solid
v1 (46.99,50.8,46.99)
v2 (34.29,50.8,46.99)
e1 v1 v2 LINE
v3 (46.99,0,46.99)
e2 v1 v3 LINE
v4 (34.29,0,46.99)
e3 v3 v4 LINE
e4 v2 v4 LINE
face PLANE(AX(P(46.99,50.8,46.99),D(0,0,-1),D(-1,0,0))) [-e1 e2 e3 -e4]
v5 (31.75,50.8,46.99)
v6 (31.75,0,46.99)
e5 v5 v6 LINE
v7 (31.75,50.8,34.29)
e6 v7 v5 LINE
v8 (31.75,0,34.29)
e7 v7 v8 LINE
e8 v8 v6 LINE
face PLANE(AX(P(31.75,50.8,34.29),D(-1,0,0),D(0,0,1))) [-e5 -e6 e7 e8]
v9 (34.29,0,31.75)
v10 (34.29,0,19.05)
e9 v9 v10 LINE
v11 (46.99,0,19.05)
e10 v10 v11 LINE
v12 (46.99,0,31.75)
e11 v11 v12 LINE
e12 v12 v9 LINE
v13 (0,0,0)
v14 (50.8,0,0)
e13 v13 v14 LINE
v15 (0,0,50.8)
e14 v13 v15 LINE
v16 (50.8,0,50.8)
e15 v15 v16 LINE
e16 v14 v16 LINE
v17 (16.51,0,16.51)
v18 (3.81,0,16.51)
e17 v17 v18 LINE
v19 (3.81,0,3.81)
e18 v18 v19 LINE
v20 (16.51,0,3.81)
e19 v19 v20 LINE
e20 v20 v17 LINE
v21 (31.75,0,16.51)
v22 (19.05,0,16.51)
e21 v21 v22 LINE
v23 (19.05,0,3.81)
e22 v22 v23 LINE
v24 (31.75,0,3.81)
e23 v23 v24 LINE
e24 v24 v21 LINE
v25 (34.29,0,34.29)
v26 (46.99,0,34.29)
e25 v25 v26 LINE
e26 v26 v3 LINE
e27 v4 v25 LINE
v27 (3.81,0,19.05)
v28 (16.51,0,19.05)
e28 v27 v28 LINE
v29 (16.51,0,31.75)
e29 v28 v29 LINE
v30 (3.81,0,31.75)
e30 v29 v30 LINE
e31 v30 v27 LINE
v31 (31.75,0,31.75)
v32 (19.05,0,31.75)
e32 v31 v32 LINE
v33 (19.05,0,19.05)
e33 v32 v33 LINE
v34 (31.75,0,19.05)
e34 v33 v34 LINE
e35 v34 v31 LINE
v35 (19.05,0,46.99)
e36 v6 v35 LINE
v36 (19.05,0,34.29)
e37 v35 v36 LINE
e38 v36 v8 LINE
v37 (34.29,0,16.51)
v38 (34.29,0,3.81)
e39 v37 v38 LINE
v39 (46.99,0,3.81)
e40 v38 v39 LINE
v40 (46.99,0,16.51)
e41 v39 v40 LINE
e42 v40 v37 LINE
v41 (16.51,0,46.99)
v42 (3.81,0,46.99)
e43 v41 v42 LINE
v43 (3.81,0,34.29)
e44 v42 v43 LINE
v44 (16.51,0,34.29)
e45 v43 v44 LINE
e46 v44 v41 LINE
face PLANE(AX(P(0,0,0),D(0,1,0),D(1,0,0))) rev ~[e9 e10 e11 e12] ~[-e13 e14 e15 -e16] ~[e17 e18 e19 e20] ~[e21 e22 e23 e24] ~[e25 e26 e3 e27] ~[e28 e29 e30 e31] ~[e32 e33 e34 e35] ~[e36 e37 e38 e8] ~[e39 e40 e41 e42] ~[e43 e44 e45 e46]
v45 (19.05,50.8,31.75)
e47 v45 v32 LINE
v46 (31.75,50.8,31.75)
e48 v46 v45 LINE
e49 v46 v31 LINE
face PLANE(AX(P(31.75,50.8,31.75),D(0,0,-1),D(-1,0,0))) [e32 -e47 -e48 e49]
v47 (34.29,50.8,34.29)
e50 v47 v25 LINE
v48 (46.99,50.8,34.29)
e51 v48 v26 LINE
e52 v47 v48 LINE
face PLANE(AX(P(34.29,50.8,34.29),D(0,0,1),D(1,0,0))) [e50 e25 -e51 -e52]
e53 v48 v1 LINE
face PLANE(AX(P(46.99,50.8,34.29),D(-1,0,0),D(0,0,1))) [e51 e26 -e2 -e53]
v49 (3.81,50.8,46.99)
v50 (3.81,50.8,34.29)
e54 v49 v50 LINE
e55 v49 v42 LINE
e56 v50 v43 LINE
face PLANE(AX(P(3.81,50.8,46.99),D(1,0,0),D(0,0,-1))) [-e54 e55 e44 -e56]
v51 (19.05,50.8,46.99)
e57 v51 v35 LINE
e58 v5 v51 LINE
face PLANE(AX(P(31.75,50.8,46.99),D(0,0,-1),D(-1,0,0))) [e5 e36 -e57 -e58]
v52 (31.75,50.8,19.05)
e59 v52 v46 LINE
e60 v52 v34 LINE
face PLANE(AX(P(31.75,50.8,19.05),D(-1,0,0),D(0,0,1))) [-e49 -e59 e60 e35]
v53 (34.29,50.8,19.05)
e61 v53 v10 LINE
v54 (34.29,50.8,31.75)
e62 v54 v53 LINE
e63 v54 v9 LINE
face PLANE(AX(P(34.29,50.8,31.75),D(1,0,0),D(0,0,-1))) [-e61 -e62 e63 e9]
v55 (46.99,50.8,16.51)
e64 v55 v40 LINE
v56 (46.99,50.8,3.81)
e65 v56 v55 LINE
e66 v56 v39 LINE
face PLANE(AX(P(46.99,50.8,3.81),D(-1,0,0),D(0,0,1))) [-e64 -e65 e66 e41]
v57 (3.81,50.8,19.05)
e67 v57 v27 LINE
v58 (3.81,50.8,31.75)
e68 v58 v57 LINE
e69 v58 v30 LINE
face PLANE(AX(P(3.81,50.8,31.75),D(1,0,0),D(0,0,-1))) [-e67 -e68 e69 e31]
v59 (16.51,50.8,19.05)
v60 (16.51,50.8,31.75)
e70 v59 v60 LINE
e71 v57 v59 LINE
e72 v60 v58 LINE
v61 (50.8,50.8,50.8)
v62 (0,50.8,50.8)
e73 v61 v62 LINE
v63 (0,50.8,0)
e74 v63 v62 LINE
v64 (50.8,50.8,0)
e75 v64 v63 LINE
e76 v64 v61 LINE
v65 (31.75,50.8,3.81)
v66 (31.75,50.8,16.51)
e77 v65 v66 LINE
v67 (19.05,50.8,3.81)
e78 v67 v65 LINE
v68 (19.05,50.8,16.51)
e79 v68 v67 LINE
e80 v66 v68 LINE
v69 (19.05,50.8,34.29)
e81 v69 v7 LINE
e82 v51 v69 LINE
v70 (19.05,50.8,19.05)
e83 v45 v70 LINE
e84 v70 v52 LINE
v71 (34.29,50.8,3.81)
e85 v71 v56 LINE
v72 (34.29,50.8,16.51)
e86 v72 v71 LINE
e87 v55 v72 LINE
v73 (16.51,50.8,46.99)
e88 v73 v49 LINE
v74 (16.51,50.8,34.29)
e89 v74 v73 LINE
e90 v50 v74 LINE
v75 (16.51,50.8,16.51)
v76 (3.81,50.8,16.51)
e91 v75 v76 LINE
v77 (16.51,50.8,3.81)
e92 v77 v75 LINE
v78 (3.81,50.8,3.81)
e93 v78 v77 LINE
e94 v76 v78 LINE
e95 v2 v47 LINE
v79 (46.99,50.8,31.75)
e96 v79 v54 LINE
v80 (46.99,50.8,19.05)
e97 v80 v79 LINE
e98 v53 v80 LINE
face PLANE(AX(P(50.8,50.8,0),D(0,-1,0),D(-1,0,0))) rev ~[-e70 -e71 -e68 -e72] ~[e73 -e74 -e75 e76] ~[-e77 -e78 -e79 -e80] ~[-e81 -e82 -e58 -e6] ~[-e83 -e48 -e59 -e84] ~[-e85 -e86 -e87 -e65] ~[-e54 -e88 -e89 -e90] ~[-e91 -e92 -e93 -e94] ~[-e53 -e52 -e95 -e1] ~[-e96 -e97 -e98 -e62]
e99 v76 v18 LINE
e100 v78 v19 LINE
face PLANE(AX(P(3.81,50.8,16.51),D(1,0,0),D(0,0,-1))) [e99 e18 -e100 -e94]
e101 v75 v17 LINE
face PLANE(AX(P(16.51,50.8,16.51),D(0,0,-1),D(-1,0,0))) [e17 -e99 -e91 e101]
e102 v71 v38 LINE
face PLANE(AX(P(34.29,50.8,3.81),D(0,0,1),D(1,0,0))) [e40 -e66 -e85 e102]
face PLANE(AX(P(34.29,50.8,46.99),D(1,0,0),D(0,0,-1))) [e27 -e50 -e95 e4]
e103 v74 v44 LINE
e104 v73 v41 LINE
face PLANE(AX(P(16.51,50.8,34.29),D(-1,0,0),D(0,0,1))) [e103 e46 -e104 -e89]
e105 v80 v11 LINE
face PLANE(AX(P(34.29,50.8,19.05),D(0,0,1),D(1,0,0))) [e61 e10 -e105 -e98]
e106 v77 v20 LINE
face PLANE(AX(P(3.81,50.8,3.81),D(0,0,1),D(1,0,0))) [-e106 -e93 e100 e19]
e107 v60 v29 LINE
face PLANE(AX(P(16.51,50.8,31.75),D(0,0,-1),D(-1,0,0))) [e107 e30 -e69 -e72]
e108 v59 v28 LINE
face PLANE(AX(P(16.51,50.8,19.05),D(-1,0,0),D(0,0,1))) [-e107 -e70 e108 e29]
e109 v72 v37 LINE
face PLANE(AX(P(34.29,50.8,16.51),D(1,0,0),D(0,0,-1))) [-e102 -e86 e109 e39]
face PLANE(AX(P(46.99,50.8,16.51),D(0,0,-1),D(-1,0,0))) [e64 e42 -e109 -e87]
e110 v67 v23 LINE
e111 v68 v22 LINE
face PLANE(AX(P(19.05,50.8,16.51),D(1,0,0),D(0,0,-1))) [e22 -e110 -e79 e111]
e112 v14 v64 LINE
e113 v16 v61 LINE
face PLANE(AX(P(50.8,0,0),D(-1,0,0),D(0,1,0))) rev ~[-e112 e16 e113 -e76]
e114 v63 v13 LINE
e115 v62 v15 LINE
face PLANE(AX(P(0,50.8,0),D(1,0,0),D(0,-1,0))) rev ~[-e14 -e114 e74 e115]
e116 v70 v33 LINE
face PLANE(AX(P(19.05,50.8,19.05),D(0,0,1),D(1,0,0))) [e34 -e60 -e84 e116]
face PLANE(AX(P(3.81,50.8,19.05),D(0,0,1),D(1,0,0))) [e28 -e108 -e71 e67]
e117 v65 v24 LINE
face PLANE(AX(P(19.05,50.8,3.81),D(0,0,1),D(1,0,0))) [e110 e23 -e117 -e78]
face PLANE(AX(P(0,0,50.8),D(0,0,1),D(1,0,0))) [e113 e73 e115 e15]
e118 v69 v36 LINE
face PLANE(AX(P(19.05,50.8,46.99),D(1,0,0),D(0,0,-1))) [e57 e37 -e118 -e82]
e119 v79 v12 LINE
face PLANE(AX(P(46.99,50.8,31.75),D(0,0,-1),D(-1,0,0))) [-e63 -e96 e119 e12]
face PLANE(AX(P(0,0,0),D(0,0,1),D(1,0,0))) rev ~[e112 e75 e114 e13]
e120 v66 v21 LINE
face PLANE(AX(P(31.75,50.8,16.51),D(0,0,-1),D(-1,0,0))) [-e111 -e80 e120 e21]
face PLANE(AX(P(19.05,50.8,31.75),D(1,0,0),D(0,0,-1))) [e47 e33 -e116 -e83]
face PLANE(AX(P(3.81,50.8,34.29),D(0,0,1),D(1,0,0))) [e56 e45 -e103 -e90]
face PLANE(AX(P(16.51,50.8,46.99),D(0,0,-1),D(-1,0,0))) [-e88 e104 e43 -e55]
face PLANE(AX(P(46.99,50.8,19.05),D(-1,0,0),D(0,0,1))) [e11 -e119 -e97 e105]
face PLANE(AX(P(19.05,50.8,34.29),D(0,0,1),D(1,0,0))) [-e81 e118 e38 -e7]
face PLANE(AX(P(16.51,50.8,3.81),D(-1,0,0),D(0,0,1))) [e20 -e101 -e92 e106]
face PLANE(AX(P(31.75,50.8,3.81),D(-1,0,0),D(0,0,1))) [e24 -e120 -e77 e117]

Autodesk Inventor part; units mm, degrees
ref_plane "YZ Plane" through (0, 0, 0) normal (1, 0, 0) x (0, 1, 0)
ref_plane "XZ Plane" through (0, 0, 0) normal (0, 1, 0) x (-1, 0, 0)
ref_plane "XY Plane" through (0, 0, 0) normal (0, 0, 1) x (1, 0, 0)
sketch "Sketch1" plane through (0, 0, 0) normal (0, 0, 1) x (1, 0, 0)
  line L0 (0, 0) -> (50.8, 0)
  line L1 (50.8, 0) -> (50.8, 50.8)
  line L2 (50.8, 50.8) -> (0, 50.8)
  line L3 (0, 50.8) -> (0, 0)
  dimension "d0" = 50.8
  dimension "d1" = 50.8
extrude "Extrusion1" add sketch "Sketch1" along normal blind 50.8
sketch "Sketch2" plane through (0, 50.8, 0) normal (0, 1, 0) x (1, 0, 0)
  line L0 (50.8, 0) -> (0, 0) projected
  line L1 (0, 0) -> (0, -50.8) projected
  line L2 (50.8, -50.8) -> (0, -50.8) projected
  line L3 (50.8, 0) -> (50.8, -50.8) projected
  line L4 (46.99, -46.99) -> (34.29, -46.99)
  line L5 (34.29, -46.99) -> (34.29, -34.29)
  line L6 (34.29, -34.29) -> (46.99, -34.29)
  line L7 (46.99, -34.29) -> (46.99, -46.99)
  line L8 (19.05, -46.99) -> (19.05, -34.29)
  line L9 (19.05, -34.29) -> (31.75, -34.29)
  line L10 (31.75, -34.29) -> (31.75, -46.99)
  line L11 (31.75, -46.99) -> (19.05, -46.99)
  line L12 (3.81, -46.99) -> (3.81, -34.29)
  line L13 (3.81, -34.29) -> (16.51, -34.29)
  line L14 (16.51, -34.29) -> (16.51, -46.99)
  line L15 (16.51, -46.99) -> (3.81, -46.99)
  line L16 (34.29, -31.75) -> (34.29, -19.05)
  line L17 (34.29, -19.05) -> (46.99, -19.05)
  line L18 (46.99, -19.05) -> (46.99, -31.75)
  line L19 (46.99, -31.75) -> (34.29, -31.75)
  line L20 (19.05, -31.75) -> (19.05, -19.05)
  line L21 (19.05, -19.05) -> (31.75, -19.05)
  line L22 (31.75, -19.05) -> (31.75, -31.75)
  line L23 (31.75, -31.75) -> (19.05, -31.75)
  line L24 (3.81, -31.75) -> (3.81, -19.05)
  line L25 (3.81, -19.05) -> (16.51, -19.05)
  line L26 (16.51, -19.05) -> (16.51, -31.75)
  line L27 (16.51, -31.75) -> (3.81, -31.75)
  line L28 (34.29, -16.51) -> (34.29, -3.81)
  line L29 (34.29, -3.81) -> (46.99, -3.81)
  line L30 (46.99, -3.81) -> (46.99, -16.51)
  line L31 (46.99, -16.51) -> (34.29, -16.51)
  line L32 (19.05, -16.51) -> (19.05, -3.81)
  line L33 (19.05, -3.81) -> (31.75, -3.81)
  line L34 (31.75, -3.81) -> (31.75, -16.51)
  line L35 (31.75, -16.51) -> (19.05, -16.51)
  line L36 (3.81, -16.51) -> (3.81, -3.81)
  line L37 (3.81, -3.81) -> (16.51, -3.81)
  line L38 (16.51, -3.81) -> (16.51, -16.51)
  line L39 (16.51, -16.51) -> (3.81, -16.51)
  dimension "d4" = 12.7
  dimension "d5" = 12.7
  dimension "d6" = 3.81
  dimension "d7" = 3.81
  dimension "d10" = 15.24
  dimension "d13" = 15.24
extrude "Extrusion2" cut sketch "Sketch2" against normal through all contours L4 L5 L6 L7 | L8 L9 L10 L11 | L12 L13 L14 L15 | L16 L17 L18 L19 | L20 L21 L22 L23 | L24 L25 L26 L27 | L28 L29 L30 L31 | L32 L33 L34 L35 | L36 L37 L38 L39
properties part number "Gold" material "UHMW, Black"
